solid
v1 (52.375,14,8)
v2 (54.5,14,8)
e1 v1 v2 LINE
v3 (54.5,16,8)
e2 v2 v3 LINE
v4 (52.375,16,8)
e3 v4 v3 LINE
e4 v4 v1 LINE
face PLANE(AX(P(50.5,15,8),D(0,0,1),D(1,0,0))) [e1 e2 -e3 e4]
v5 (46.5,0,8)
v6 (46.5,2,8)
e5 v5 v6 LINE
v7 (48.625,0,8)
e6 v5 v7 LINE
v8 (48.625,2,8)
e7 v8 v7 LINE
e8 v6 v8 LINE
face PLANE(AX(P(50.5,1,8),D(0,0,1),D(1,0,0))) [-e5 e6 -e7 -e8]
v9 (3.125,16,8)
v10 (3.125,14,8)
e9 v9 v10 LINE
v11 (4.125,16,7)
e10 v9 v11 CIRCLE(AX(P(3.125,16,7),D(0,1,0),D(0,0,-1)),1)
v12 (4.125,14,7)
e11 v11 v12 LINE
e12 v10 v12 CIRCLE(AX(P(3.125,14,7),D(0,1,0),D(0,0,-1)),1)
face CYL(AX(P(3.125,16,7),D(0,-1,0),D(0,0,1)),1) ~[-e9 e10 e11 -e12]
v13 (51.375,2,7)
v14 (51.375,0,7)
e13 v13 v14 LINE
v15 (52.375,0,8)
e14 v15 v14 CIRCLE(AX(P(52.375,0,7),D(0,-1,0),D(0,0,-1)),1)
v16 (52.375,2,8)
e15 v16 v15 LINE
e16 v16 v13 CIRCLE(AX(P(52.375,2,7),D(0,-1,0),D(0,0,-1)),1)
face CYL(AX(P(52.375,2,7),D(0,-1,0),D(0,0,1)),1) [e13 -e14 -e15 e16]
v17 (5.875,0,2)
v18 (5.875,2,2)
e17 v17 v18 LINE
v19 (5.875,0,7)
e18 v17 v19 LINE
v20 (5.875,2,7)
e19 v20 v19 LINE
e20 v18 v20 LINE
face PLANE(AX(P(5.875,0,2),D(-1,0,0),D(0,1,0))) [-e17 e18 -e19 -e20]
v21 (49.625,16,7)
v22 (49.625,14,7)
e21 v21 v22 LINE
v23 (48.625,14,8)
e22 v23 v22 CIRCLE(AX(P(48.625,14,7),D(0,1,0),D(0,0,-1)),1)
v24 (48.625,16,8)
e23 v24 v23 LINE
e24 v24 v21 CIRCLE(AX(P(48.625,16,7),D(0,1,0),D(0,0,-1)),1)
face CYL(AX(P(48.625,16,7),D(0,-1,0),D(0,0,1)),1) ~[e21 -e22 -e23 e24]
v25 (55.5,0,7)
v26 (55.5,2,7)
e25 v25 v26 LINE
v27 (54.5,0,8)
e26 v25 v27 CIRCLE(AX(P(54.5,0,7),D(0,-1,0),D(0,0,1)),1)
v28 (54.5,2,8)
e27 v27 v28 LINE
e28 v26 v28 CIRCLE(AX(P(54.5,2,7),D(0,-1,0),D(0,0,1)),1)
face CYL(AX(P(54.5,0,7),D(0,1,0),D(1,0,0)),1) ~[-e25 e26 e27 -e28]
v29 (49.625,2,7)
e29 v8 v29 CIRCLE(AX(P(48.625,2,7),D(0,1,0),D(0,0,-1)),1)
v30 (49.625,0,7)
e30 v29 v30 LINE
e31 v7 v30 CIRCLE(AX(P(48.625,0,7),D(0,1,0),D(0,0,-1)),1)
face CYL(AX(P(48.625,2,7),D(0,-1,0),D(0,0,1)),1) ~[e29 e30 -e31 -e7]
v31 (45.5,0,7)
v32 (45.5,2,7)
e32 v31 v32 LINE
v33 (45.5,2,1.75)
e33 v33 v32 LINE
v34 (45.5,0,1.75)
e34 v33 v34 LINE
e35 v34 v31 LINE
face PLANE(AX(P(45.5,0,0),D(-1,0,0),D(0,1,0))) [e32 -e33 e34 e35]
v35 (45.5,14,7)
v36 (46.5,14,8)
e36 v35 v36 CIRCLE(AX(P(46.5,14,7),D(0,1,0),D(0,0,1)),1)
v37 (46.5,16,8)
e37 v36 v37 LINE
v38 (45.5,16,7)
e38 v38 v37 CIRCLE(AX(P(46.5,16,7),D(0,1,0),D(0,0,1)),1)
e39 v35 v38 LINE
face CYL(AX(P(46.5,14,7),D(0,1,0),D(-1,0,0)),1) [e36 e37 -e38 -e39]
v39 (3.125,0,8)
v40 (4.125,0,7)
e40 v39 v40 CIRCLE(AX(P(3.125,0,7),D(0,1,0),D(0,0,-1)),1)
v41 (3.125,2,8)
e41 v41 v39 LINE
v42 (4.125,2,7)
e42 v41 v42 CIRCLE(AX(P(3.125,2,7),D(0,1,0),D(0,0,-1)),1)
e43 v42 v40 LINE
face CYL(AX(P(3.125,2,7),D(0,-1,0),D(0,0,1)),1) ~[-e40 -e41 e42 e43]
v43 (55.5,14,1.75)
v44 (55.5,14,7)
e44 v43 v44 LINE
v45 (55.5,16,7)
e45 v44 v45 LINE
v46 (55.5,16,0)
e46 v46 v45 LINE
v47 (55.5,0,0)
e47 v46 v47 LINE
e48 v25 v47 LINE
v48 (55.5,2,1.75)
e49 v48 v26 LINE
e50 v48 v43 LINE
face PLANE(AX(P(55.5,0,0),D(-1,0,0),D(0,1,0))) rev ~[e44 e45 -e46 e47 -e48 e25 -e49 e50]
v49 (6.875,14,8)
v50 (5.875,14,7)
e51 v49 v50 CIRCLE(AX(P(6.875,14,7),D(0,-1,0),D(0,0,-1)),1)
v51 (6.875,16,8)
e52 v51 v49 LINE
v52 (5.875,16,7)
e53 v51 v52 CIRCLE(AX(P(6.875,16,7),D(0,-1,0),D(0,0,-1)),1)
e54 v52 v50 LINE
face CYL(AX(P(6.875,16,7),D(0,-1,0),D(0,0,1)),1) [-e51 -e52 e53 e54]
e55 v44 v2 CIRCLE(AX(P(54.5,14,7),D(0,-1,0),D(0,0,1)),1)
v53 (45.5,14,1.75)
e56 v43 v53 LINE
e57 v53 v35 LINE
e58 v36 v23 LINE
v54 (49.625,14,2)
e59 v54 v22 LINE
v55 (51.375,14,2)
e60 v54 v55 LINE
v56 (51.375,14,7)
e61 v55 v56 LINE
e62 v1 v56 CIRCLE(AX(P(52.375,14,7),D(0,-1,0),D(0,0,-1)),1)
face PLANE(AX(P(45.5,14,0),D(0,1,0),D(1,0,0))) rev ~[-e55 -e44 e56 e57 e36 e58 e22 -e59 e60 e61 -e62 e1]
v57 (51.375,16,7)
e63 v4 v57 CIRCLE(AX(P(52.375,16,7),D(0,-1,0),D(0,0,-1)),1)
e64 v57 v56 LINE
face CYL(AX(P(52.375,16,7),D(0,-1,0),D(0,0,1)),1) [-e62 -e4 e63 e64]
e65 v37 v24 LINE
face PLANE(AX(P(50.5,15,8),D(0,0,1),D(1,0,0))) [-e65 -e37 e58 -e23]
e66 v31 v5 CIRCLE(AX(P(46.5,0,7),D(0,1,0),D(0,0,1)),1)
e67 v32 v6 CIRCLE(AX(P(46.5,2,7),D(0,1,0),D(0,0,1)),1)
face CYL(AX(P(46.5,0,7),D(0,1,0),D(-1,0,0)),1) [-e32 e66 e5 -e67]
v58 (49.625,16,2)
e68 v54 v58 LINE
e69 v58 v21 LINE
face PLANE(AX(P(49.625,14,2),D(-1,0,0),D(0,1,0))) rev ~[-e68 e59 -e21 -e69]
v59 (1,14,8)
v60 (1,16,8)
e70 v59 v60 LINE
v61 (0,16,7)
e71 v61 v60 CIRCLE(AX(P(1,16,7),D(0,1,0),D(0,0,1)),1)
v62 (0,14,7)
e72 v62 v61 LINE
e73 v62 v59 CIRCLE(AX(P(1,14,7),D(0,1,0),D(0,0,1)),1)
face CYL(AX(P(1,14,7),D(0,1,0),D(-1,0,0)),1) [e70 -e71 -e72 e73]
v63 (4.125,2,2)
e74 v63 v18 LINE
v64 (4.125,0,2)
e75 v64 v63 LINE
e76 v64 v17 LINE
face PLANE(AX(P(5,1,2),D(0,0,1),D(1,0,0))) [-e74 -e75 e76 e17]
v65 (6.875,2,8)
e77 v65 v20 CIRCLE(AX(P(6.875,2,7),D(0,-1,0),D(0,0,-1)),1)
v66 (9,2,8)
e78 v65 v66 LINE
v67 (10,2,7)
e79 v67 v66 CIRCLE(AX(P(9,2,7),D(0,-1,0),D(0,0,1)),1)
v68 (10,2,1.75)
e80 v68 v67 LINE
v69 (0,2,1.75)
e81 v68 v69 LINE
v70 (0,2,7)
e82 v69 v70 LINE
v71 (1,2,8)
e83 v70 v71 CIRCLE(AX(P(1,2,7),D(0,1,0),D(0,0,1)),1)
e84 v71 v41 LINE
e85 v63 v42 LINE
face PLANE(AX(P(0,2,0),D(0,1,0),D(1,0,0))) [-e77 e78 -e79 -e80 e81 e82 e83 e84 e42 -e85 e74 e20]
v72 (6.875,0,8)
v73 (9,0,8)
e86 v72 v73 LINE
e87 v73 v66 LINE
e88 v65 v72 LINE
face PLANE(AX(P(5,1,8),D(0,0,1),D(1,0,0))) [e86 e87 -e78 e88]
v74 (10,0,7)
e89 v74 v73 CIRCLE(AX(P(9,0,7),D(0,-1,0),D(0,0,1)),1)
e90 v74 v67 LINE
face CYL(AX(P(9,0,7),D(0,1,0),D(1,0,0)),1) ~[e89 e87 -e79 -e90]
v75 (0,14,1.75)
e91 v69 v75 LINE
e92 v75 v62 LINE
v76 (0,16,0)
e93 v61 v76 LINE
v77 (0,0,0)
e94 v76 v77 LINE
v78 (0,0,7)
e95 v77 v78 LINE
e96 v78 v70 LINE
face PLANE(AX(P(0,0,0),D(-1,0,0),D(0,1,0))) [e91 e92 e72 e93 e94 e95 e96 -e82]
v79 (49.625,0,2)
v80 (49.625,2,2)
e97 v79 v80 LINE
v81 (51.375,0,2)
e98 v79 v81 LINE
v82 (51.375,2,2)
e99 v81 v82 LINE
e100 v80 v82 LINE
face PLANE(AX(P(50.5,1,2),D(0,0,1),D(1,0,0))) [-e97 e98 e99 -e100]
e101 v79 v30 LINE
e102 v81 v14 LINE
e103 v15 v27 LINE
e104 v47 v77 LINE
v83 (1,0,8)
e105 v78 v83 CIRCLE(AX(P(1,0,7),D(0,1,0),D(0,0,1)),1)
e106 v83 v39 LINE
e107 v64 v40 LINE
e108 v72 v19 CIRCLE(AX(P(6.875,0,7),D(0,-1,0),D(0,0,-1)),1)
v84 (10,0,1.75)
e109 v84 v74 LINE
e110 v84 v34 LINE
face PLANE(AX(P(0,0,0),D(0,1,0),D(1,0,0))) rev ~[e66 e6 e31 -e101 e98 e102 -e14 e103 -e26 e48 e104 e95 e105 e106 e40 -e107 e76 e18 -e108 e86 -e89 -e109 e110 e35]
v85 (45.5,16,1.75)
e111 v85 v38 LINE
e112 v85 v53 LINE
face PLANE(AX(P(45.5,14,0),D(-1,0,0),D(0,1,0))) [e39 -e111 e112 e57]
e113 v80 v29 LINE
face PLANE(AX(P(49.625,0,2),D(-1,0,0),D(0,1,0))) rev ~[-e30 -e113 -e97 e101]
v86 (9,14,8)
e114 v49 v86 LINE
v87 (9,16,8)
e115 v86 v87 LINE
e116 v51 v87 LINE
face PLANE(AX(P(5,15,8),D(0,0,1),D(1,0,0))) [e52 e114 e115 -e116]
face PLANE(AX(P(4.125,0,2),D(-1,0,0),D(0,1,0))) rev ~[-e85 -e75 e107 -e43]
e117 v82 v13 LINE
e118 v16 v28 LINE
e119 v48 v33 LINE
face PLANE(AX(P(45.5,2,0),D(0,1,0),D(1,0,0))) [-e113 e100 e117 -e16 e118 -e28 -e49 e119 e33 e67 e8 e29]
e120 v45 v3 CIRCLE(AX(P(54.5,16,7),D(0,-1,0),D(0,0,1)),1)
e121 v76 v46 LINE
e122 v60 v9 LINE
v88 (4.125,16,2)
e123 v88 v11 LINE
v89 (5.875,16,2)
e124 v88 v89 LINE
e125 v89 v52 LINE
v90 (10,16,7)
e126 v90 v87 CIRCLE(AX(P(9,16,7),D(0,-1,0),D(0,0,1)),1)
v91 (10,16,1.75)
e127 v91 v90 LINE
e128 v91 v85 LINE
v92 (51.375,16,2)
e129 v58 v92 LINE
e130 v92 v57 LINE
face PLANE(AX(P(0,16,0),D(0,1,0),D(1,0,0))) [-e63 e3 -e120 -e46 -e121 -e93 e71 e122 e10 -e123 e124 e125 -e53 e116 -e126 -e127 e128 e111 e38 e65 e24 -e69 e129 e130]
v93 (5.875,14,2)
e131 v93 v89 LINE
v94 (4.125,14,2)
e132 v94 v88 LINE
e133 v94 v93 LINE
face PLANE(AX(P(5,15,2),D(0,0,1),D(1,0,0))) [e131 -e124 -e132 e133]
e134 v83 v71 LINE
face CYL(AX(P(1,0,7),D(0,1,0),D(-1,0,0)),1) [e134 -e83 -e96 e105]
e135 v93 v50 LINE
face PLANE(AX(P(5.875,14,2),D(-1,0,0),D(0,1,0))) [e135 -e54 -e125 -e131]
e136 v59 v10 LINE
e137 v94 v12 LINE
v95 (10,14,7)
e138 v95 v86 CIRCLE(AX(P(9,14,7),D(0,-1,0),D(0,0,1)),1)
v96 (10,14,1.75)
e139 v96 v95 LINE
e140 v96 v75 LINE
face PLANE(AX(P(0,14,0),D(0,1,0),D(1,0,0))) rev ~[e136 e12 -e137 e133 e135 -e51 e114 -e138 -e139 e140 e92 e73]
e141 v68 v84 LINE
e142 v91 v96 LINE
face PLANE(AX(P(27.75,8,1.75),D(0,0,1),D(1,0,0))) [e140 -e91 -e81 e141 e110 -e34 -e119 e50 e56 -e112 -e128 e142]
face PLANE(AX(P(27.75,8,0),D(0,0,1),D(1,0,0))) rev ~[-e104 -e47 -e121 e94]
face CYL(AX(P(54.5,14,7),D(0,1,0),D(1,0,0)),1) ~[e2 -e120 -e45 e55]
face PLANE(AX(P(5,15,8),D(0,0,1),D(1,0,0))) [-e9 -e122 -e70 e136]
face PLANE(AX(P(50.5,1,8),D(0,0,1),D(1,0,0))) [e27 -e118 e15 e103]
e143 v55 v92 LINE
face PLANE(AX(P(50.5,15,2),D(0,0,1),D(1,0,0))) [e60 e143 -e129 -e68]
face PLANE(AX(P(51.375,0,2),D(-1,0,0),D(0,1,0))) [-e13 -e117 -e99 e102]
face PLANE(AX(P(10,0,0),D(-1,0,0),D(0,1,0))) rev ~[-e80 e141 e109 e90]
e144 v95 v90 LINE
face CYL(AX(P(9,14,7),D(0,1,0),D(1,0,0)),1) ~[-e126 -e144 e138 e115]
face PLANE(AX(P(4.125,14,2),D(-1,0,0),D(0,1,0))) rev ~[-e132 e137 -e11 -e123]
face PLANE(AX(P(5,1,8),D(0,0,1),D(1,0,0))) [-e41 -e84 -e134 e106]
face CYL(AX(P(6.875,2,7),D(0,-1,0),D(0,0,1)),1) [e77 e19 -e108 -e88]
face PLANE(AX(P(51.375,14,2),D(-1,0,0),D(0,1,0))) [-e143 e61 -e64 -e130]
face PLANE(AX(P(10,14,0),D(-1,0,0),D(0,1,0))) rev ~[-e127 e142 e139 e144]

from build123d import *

# Parameters (mm, degrees)
BOX001_W     = 1.75
BOX001_H     = 2
BOX001_DEPTH = 10
BOX_W        = 10
BOX_H        = 2
BOX_DEPTH    = 8
FILLET_R     = 1
BOX003_W     = 1.75
BOX003_H     = 2
BOX003_DEPTH = 10
BOX002_W     = 10
BOX002_H     = 2
BOX002_DEPTH = 8
FILLET001_R  = 1
BOX005_W     = 1.75
BOX005_H     = 2
BOX005_DEPTH = 10
BOX004_W     = 10
BOX004_H     = 2
BOX004_DEPTH = 8
FILLET002_R  = 1
BOX007_W     = 1.75
BOX007_H     = 2
BOX007_DEPTH = 10
BOX006_W     = 10
BOX006_H     = 2
BOX006_DEPTH = 8
FILLET003_R  = 1
BOX008_W     = 55.5
BOX008_H     = 16
BOX008_DEPTH = 1.75


with BuildPart() as cube001:
    # Box001 → Box001 (new body)
    with BuildSketch(Plane(origin=(4.125, 0, 2), x_dir=(1, 0, 0), z_dir=(0, 0, 1))):
        with Locations((0.875, 1)):
            Rectangle(BOX001_W, BOX001_H)
    extrude(amount=BOX001_DEPTH)


with BuildPart() as post01:
    # Box → Box (new body)
    with BuildSketch(Plane.XY):
        with Locations((5, 1)):
            Rectangle(BOX_W, BOX_H)
    extrude(amount=BOX_DEPTH)

    # Cut: cut Cube001
    add(cube001.part, mode=Mode.SUBTRACT)

    # Fillet
    fillet_edges = [post01.edges().sort_by_distance(p)[0] for p in [
        (0, 1, 8),
        (4.125, 1, 8),
        (10, 1, 8),
        (5.875, 1, 8),
    ]]
    fillet(fillet_edges, radius=FILLET_R)


with BuildPart() as cube003:
    # Box003 → Box003 (new body)
    with BuildSketch(Plane(origin=(4.125, 0, 2), x_dir=(1, 0, 0), z_dir=(0, 0, 1))):
        with Locations((0.875, 1)):
            Rectangle(BOX003_W, BOX003_H)
    extrude(amount=BOX003_DEPTH)


with BuildPart() as post002:
    # Box002 → Box002 (new body)
    with BuildSketch(Plane.XY):
        with Locations((5, 1)):
            Rectangle(BOX002_W, BOX002_H)
    extrude(amount=BOX002_DEPTH)

    # Cut001: cut Cube003
    add(cube003.part, mode=Mode.SUBTRACT)

    # Fillet001
    fillet001_edges = [post002.edges().sort_by_distance(p)[0] for p in [
        (0, 1, 8),
        (4.125, 1, 8),
        (10, 1, 8),
        (5.875, 1, 8),
    ]]
    fillet(fillet001_edges, radius=FILLET001_R)


with BuildPart() as post002_1:
    # Fillet001 placement: moved
    add(post002.part.moved(Location((0, 14, 0))))


with BuildPart() as cube005:
    # Box005 → Box005 (new body)
    with BuildSketch(Plane(origin=(4.125, 0, 2), x_dir=(1, 0, 0), z_dir=(0, 0, 1))):
        with Locations((0.875, 1)):
            Rectangle(BOX005_W, BOX005_H)
    extrude(amount=BOX005_DEPTH)


with BuildPart() as post003:
    # Box004 → Box004 (new body)
    with BuildSketch(Plane.XY):
        with Locations((5, 1)):
            Rectangle(BOX004_W, BOX004_H)
    extrude(amount=BOX004_DEPTH)

    # Cut002: cut Cube005
    add(cube005.part, mode=Mode.SUBTRACT)

    # Fillet002
    fillet002_edges = [post003.edges().sort_by_distance(p)[0] for p in [
        (0, 1, 8),
        (4.125, 1, 8),
        (10, 1, 8),
        (5.875, 1, 8),
    ]]
    fillet(fillet002_edges, radius=FILLET002_R)


with BuildPart() as post003_1:
    # Fillet002 placement: moved
    add(post003.part.moved(Location((45.5, 0, 0))))


with BuildPart() as cube007:
    # Box007 → Box007 (new body)
    with BuildSketch(Plane(origin=(4.125, 0, 2), x_dir=(1, 0, 0), z_dir=(0, 0, 1))):
        with Locations((0.875, 1)):
            Rectangle(BOX007_W, BOX007_H)
    extrude(amount=BOX007_DEPTH)


with BuildPart() as post004:
    # Box006 → Box006 (new body)
    with BuildSketch(Plane.XY):
        with Locations((5, 1)):
            Rectangle(BOX006_W, BOX006_H)
    extrude(amount=BOX006_DEPTH)

    # Cut003: cut Cube007
    add(cube007.part, mode=Mode.SUBTRACT)

    # Fillet003
    fillet003_edges = [post004.edges().sort_by_distance(p)[0] for p in [
        (0, 1, 8),
        (4.125, 1, 8),
        (10, 1, 8),
        (5.875, 1, 8),
    ]]
    fillet(fillet003_edges, radius=FILLET003_R)


with BuildPart() as post004_1:
    # Fillet003 placement: moved
    add(post004.part.moved(Location((45.5, 14, 0))))


with BuildPart() as axlejig:
    # Box008 → Box008 (new body)
    with BuildSketch(Plane.XY):
        with Locations((27.75, 8)):
            Rectangle(BOX008_W, BOX008_H)
    extrude(amount=BOX008_DEPTH)

    # Fusion: union post01, post002, post003, post004
    add(post01.part)
    add(post002_1.part)
    add(post003_1.part)
    add(post004_1.part)


solid = axlejig.part
